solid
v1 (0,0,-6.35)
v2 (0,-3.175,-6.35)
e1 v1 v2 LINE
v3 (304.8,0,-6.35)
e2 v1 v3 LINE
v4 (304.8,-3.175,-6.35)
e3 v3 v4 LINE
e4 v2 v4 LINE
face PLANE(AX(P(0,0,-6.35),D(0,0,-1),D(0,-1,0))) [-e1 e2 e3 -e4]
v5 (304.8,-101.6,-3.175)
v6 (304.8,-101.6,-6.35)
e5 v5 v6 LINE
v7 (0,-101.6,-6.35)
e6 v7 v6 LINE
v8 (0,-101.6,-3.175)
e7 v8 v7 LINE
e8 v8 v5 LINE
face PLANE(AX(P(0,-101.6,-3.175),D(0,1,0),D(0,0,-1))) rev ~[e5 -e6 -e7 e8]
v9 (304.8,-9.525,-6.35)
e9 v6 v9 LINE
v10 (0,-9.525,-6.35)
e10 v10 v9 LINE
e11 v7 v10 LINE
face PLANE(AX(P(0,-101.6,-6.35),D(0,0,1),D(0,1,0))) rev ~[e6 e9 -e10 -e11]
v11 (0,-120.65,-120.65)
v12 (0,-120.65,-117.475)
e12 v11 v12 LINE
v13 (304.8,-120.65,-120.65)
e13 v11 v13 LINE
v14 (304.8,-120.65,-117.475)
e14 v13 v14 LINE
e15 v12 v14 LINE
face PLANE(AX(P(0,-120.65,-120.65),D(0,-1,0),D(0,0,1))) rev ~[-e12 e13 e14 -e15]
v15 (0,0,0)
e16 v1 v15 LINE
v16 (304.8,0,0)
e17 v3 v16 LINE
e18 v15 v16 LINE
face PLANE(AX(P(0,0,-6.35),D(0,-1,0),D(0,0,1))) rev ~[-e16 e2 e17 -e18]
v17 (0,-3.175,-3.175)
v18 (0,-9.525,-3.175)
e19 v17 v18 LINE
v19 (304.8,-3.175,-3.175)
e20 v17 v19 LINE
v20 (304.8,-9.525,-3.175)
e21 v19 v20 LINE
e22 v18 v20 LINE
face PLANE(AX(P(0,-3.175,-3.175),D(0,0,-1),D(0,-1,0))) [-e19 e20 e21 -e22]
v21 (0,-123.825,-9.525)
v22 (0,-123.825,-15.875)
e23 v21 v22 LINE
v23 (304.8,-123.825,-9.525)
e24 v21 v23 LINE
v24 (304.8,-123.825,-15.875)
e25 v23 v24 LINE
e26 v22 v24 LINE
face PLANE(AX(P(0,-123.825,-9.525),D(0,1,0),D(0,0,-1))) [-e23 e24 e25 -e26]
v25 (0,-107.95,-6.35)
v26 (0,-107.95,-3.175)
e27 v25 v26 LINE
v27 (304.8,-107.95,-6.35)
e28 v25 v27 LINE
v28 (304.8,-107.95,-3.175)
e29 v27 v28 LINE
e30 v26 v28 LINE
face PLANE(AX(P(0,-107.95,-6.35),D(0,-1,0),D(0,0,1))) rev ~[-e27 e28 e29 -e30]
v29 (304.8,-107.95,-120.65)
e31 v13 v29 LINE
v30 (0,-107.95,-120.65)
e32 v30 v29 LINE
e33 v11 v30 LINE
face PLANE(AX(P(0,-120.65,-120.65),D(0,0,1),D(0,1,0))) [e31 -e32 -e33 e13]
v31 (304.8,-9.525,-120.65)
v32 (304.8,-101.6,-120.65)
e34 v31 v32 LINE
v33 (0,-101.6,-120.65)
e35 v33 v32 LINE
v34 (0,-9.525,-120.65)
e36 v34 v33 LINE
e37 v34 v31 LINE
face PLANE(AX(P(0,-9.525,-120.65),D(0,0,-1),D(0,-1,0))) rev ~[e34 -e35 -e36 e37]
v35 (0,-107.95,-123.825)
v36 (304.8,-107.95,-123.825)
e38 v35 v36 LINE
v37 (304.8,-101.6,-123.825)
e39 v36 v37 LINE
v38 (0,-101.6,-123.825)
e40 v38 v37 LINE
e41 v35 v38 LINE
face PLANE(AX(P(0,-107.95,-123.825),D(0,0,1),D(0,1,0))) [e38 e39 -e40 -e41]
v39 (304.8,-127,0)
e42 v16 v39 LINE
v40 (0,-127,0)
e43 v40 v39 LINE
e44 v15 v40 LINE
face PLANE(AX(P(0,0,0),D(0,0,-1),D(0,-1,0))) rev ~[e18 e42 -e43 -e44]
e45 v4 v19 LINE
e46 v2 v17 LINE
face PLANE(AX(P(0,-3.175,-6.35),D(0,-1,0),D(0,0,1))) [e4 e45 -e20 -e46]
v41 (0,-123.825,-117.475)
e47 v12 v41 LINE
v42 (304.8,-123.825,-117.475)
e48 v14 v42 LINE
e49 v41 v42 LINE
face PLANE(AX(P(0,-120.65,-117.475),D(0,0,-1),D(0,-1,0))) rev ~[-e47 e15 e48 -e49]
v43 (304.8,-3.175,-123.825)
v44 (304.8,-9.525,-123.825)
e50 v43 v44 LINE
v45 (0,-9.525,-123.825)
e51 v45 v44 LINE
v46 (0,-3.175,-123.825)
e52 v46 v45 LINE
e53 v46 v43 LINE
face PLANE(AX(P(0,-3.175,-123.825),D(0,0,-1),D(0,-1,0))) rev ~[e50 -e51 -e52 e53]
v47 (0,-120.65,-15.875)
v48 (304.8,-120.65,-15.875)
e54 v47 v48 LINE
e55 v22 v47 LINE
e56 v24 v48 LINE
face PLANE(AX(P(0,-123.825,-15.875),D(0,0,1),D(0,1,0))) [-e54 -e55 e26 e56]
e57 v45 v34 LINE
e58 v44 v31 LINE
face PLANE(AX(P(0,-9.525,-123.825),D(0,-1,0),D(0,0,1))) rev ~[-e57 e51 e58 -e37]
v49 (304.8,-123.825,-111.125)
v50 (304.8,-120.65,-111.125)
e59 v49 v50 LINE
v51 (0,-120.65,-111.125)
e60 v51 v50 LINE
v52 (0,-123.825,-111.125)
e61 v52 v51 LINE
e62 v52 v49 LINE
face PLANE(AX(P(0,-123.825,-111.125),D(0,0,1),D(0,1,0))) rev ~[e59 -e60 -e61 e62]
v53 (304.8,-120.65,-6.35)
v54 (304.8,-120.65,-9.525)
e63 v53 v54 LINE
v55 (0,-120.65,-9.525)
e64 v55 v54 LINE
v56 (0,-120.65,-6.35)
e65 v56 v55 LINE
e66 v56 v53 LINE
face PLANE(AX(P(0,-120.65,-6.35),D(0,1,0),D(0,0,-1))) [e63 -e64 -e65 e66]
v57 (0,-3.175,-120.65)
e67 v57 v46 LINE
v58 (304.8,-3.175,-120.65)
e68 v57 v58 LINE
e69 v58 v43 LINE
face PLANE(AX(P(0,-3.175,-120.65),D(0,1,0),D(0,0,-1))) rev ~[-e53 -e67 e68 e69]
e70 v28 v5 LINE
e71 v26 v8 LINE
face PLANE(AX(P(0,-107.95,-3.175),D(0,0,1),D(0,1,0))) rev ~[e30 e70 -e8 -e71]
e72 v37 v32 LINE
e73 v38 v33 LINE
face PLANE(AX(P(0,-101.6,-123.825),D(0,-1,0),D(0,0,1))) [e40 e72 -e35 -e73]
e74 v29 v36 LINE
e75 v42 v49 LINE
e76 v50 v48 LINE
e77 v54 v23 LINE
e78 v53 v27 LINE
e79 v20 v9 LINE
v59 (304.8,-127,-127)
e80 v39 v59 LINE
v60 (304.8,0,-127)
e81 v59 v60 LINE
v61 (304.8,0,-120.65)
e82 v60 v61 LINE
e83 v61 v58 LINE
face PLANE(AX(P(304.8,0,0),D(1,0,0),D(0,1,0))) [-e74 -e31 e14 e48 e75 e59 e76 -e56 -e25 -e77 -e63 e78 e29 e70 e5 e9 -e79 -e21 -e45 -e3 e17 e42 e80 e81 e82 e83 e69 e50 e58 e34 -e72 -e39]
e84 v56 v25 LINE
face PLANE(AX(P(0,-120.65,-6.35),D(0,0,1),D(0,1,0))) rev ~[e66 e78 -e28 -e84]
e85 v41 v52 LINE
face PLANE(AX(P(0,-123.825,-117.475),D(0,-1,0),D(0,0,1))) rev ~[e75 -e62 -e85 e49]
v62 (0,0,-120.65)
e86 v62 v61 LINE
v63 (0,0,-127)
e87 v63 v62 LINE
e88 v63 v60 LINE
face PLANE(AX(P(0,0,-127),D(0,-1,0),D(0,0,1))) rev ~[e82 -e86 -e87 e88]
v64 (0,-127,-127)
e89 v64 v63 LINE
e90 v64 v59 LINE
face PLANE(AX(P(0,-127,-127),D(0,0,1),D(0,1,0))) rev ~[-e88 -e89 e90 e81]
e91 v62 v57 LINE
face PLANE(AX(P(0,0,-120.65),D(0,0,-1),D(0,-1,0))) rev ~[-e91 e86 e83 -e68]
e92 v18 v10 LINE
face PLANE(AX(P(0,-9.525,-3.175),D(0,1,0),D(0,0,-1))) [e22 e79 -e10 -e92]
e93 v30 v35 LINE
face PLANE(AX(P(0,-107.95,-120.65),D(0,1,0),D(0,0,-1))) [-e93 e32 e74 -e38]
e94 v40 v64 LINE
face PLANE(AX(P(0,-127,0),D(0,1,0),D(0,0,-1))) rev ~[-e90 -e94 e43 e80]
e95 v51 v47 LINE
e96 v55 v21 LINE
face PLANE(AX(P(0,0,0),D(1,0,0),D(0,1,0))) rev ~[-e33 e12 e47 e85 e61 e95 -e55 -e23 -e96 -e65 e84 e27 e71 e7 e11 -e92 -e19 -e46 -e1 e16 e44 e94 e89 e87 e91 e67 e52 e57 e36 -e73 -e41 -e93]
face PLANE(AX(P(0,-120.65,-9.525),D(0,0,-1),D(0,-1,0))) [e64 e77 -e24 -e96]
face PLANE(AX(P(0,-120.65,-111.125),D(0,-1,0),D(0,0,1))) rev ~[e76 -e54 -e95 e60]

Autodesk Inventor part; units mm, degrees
ref_plane "YZ Plane" through (0, 0, 0) normal (1, 0, 0) x (0, 1, 0)
ref_plane "XZ Plane" through (0, 0, 0) normal (0, 1, 0) x (-1, 0, 0)
ref_plane "XY Plane" through (0, 0, 0) normal (0, 0, 1) x (1, 0, 0)
sketch "Sketch1" plane through (0, 0, 0) normal (1, 0, 0) x (0, 1, 0)
  line L0 (0, 0) -> (-127, 0)
  line L1 (-127, 0) -> (-127, -127)
  line L2 (-127, -127) -> (0, -127)
  line L3 (0, -127) -> (0, -120.65)
  line L4 (0, -6.35) -> (0, 0)
  line L5 (0, -6.35) -> (-3.175, -6.35)
  line L6 (-3.175, -6.35) -> (-3.175, -3.175)
  line L7 (-3.175, -3.175) -> (-9.525, -3.175)
  line L8 (-9.525, -3.175) -> (-9.525, -6.35)
  line L9 (-3.175, -6.35) -> (0, -6.35)
  line L10 (0, -120.65) -> (-3.175, -120.65)
  line L11 (-3.175, -120.65) -> (-3.175, -123.825)
  line L12 (-3.175, -123.825) -> (-9.525, -123.825)
  line L13 (-9.525, -123.825) -> (-9.525, -120.65)
  line L14 (0, -120.65) -> (-3.175, -120.65)
  line L15 (-120.65, -6.35) -> (-120.65, -9.525)
  line L16 (-120.65, -9.525) -> (-123.825, -9.525)
  line L17 (-123.825, -9.525) -> (-123.825, -15.875)
  line L18 (-123.825, -15.875) -> (-120.65, -15.875)
  line L19 (-120.65, -9.525) -> (-120.65, -6.35)
  line L20 (-120.65, -120.65) -> (-120.65, -117.475)
  line L21 (-120.65, -117.475) -> (-123.825, -117.475)
  line L22 (-123.825, -117.475) -> (-123.825, -111.125)
  line L23 (-123.825, -111.125) -> (-120.65, -111.125)
  line L24 (-120.65, -120.65) -> (-120.65, -117.475)
  line L25 (-120.65, -111.125) -> (-120.65, -15.875)
  line L26 (-120.65, -6.35) -> (-107.95, -6.35)
  line L27 (-107.95, -6.35) -> (-107.95, -3.175)
  line L28 (-107.95, -3.175) -> (-101.6, -3.175)
  line L29 (-101.6, -3.175) -> (-101.6, -6.35)
  line L30 (-120.65, -6.35) -> (-107.95, -6.35)
  line L31 (-101.6, -6.35) -> (-9.525, -6.35)
  line L32 (-120.65, -120.65) -> (-107.95, -120.65)
  line L33 (-107.95, -120.65) -> (-107.95, -123.825)
  line L34 (-107.95, -123.825) -> (-101.6, -123.825)
  line L35 (-101.6, -123.825) -> (-101.6, -120.65)
  line L36 (-9.525, -120.65) -> (-101.6, -120.65)
  line L37 (-107.95, -120.65) -> (-120.65, -120.65)
  dimension "d0" = 127
  dimension "d1" = 127
  dimension "d2" = 6.35
  dimension "d3" = 120.65
  dimension "d4" = 114.3
  dimension "d5" = 3.175
  dimension "d9" = 3.175
  dimension "d10" = 3.175
  dimension "d11" = 3.175
  dimension "d12" = 6.35
  dimension "d13" = 3.175
  dimension "d14" = 3.175
  dimension "d15" = 6.35
  dimension "d16" = 3.175
  dimension "d17" = 3.175
  dimension "d18" = 6.35
  dimension "d21" = 12.7
  dimension "d22" = 3.175
  dimension "d23" = 6.35
  dimension "d24" = 12.7
  dimension "d25" = 3.175
  dimension "d26" = 6.35
extrude "Extrusion1" add sketch "Sketch1" along normal blind 304.8
properties part number "CompactSlidePart1" material "Aluminum 6061"
